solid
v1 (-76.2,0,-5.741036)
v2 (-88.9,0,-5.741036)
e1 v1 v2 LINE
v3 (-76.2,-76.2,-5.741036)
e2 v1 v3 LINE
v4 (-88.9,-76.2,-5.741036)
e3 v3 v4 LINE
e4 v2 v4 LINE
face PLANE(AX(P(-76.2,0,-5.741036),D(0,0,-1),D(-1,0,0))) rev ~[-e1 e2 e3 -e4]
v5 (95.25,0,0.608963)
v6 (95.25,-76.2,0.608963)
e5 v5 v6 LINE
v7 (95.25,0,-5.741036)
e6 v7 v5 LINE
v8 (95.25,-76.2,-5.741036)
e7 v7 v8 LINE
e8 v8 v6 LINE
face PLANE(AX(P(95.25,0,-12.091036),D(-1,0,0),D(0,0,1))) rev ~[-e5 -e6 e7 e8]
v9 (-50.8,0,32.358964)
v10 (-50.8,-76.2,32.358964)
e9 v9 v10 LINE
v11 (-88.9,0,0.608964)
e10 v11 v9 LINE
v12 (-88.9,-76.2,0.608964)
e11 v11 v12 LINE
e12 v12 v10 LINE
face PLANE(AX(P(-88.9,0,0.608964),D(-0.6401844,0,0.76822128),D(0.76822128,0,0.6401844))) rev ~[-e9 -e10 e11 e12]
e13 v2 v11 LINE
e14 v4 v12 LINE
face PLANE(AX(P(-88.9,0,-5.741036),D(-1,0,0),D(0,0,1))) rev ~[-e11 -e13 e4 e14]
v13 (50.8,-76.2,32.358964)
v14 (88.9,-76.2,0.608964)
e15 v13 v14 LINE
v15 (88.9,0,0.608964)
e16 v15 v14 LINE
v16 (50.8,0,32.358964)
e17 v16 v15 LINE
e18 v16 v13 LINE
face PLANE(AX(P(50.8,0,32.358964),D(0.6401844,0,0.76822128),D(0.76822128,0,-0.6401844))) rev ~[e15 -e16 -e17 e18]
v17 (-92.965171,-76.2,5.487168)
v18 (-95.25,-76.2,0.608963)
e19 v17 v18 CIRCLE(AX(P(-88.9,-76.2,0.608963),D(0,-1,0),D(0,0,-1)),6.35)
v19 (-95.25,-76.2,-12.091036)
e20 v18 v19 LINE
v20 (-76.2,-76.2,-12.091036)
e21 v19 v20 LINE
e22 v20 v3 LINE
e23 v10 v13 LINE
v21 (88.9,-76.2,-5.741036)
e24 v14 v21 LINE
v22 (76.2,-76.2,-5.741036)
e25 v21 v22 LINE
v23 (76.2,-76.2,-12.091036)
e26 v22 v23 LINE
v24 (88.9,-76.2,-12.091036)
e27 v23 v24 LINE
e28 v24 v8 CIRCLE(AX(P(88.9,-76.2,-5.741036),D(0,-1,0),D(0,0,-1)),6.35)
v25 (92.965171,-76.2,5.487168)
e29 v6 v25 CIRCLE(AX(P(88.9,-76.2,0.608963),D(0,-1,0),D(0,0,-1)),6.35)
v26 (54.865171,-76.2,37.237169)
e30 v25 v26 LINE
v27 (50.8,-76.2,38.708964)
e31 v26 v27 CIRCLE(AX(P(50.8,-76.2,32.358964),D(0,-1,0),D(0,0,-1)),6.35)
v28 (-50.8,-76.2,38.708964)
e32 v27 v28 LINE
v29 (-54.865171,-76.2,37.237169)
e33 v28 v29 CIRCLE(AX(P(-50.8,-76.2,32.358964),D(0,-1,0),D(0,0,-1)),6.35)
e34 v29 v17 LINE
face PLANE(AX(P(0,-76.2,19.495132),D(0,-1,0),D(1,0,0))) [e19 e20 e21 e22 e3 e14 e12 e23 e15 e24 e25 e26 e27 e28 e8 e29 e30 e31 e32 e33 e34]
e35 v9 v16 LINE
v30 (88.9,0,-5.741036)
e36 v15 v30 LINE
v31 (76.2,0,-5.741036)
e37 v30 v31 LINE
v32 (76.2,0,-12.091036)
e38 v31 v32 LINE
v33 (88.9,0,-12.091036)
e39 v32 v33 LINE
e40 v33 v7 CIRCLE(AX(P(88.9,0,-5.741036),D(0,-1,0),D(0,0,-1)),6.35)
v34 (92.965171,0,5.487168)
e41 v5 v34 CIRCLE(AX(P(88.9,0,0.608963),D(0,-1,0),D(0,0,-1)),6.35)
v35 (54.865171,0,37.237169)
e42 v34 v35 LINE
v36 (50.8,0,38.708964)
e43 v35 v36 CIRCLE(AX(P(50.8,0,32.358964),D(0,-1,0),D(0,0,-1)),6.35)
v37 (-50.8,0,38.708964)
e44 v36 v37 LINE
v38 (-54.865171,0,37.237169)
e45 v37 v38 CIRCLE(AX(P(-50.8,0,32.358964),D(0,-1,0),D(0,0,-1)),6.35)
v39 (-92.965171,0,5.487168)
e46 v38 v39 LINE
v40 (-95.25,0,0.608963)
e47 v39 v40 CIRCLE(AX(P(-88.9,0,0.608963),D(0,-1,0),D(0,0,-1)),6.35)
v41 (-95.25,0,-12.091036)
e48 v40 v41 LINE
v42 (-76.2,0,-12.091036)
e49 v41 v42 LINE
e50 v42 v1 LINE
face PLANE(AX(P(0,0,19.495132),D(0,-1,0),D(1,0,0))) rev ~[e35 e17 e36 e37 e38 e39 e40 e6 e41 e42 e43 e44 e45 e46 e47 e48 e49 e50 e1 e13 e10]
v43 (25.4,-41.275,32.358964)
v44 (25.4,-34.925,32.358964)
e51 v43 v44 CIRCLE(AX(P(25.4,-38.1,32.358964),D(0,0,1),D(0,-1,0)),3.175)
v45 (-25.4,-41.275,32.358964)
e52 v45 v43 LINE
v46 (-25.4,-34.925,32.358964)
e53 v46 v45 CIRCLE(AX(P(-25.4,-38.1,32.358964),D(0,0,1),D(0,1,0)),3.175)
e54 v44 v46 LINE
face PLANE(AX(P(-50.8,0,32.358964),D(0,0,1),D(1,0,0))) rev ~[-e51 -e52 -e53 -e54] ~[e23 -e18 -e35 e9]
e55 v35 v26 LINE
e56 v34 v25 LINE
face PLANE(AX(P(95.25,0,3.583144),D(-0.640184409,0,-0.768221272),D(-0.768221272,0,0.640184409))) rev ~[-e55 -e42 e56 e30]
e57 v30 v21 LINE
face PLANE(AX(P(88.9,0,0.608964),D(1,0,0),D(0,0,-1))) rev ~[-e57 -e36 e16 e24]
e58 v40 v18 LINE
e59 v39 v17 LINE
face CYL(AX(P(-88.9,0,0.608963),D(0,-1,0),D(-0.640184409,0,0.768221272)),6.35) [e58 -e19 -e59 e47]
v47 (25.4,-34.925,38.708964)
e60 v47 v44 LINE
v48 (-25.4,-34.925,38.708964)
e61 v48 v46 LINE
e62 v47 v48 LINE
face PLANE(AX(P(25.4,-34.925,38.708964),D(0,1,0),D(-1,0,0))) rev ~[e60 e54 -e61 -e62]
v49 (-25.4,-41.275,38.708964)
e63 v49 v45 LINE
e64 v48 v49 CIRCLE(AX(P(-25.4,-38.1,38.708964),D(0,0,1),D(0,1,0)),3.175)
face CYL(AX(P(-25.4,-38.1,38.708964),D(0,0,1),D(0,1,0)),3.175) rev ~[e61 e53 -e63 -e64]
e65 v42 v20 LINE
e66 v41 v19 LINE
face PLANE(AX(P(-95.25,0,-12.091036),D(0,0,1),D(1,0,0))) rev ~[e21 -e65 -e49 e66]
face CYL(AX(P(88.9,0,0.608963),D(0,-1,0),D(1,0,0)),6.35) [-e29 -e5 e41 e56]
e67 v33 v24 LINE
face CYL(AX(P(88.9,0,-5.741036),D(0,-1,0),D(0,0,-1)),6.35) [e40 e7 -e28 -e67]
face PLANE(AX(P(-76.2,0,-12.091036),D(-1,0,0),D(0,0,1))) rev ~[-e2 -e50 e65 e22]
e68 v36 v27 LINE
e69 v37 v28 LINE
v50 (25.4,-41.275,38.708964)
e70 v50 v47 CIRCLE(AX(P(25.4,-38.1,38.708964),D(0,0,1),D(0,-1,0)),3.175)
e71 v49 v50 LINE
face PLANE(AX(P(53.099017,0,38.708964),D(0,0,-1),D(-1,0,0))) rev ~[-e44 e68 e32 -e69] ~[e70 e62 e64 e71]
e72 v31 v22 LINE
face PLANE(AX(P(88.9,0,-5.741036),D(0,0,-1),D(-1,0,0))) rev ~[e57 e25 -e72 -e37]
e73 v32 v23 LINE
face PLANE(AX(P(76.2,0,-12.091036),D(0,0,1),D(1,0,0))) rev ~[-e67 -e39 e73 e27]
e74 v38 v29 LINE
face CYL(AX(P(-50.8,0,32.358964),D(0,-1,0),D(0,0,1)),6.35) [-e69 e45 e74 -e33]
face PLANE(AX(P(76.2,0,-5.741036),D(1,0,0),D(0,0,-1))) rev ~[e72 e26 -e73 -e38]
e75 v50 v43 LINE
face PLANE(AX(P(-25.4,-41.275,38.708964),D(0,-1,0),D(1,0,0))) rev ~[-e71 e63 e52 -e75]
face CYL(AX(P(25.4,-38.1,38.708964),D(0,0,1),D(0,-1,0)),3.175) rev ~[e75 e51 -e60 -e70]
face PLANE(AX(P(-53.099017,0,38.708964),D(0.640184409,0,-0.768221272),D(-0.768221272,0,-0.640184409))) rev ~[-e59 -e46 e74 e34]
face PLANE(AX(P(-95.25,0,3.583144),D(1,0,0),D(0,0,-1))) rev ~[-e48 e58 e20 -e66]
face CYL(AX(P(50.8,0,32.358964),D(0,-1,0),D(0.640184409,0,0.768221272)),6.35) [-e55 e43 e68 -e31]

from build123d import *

# Parameters (mm, degrees)
F1_DEPTH = 76.2
F2_R     = 6.35
F4_DEPTH = 50.801


with BuildPart() as f1:
    # F0 (on Front) → F1 (new body)
    with BuildSketch(Plane.XZ):
        Polygon((88.9, -5.741036), (76.2, -5.741036), (76.2, -12.091036), (95.25, -12.091036), (95.25, 3.583144), (53.099017, 38.708964), (-53.099017, 38.708964), (-95.25, 3.583144), (-95.25, -12.091036), (-76.2, -12.091036), (-76.2, -5.741036), (-88.9, -5.741036), (-88.9, 0.608964), (-50.8, 32.358964), (50.8, 32.358964), (88.9, 0.608964), align=None)
    extrude(amount=F1_DEPTH)

    # F2
    f2_edges = [f1.edges().sort_by_distance(p)[0] for p in [
        (-53.099017, -38.1, 38.708964),
        (53.099017, -38.1, 38.708964),
        (95.25, -38.1, 3.583144),
        (95.25, -38.1, -12.091036),
        (-95.25, -38.1, 3.583144),
    ]]
    fillet(f2_edges, radius=F2_R)

    # F3 (on face) → F4 (cut, through all)
    with BuildSketch(Plane.XY.offset(38.708964)):
        with BuildLine():
            Line((25.4, -34.925), (-25.4, -34.925))
            ThreePointArc((-25.4, -34.925), (-28.575, -38.1), (-25.4, -41.275))
            Line((-25.4, -41.275), (25.4, -41.275))
            ThreePointArc((25.4, -41.275), (28.575, -38.1), (25.4, -34.925))
        make_face()
    extrude(amount=-F4_DEPTH, mode=Mode.SUBTRACT)


solid = f1.part
